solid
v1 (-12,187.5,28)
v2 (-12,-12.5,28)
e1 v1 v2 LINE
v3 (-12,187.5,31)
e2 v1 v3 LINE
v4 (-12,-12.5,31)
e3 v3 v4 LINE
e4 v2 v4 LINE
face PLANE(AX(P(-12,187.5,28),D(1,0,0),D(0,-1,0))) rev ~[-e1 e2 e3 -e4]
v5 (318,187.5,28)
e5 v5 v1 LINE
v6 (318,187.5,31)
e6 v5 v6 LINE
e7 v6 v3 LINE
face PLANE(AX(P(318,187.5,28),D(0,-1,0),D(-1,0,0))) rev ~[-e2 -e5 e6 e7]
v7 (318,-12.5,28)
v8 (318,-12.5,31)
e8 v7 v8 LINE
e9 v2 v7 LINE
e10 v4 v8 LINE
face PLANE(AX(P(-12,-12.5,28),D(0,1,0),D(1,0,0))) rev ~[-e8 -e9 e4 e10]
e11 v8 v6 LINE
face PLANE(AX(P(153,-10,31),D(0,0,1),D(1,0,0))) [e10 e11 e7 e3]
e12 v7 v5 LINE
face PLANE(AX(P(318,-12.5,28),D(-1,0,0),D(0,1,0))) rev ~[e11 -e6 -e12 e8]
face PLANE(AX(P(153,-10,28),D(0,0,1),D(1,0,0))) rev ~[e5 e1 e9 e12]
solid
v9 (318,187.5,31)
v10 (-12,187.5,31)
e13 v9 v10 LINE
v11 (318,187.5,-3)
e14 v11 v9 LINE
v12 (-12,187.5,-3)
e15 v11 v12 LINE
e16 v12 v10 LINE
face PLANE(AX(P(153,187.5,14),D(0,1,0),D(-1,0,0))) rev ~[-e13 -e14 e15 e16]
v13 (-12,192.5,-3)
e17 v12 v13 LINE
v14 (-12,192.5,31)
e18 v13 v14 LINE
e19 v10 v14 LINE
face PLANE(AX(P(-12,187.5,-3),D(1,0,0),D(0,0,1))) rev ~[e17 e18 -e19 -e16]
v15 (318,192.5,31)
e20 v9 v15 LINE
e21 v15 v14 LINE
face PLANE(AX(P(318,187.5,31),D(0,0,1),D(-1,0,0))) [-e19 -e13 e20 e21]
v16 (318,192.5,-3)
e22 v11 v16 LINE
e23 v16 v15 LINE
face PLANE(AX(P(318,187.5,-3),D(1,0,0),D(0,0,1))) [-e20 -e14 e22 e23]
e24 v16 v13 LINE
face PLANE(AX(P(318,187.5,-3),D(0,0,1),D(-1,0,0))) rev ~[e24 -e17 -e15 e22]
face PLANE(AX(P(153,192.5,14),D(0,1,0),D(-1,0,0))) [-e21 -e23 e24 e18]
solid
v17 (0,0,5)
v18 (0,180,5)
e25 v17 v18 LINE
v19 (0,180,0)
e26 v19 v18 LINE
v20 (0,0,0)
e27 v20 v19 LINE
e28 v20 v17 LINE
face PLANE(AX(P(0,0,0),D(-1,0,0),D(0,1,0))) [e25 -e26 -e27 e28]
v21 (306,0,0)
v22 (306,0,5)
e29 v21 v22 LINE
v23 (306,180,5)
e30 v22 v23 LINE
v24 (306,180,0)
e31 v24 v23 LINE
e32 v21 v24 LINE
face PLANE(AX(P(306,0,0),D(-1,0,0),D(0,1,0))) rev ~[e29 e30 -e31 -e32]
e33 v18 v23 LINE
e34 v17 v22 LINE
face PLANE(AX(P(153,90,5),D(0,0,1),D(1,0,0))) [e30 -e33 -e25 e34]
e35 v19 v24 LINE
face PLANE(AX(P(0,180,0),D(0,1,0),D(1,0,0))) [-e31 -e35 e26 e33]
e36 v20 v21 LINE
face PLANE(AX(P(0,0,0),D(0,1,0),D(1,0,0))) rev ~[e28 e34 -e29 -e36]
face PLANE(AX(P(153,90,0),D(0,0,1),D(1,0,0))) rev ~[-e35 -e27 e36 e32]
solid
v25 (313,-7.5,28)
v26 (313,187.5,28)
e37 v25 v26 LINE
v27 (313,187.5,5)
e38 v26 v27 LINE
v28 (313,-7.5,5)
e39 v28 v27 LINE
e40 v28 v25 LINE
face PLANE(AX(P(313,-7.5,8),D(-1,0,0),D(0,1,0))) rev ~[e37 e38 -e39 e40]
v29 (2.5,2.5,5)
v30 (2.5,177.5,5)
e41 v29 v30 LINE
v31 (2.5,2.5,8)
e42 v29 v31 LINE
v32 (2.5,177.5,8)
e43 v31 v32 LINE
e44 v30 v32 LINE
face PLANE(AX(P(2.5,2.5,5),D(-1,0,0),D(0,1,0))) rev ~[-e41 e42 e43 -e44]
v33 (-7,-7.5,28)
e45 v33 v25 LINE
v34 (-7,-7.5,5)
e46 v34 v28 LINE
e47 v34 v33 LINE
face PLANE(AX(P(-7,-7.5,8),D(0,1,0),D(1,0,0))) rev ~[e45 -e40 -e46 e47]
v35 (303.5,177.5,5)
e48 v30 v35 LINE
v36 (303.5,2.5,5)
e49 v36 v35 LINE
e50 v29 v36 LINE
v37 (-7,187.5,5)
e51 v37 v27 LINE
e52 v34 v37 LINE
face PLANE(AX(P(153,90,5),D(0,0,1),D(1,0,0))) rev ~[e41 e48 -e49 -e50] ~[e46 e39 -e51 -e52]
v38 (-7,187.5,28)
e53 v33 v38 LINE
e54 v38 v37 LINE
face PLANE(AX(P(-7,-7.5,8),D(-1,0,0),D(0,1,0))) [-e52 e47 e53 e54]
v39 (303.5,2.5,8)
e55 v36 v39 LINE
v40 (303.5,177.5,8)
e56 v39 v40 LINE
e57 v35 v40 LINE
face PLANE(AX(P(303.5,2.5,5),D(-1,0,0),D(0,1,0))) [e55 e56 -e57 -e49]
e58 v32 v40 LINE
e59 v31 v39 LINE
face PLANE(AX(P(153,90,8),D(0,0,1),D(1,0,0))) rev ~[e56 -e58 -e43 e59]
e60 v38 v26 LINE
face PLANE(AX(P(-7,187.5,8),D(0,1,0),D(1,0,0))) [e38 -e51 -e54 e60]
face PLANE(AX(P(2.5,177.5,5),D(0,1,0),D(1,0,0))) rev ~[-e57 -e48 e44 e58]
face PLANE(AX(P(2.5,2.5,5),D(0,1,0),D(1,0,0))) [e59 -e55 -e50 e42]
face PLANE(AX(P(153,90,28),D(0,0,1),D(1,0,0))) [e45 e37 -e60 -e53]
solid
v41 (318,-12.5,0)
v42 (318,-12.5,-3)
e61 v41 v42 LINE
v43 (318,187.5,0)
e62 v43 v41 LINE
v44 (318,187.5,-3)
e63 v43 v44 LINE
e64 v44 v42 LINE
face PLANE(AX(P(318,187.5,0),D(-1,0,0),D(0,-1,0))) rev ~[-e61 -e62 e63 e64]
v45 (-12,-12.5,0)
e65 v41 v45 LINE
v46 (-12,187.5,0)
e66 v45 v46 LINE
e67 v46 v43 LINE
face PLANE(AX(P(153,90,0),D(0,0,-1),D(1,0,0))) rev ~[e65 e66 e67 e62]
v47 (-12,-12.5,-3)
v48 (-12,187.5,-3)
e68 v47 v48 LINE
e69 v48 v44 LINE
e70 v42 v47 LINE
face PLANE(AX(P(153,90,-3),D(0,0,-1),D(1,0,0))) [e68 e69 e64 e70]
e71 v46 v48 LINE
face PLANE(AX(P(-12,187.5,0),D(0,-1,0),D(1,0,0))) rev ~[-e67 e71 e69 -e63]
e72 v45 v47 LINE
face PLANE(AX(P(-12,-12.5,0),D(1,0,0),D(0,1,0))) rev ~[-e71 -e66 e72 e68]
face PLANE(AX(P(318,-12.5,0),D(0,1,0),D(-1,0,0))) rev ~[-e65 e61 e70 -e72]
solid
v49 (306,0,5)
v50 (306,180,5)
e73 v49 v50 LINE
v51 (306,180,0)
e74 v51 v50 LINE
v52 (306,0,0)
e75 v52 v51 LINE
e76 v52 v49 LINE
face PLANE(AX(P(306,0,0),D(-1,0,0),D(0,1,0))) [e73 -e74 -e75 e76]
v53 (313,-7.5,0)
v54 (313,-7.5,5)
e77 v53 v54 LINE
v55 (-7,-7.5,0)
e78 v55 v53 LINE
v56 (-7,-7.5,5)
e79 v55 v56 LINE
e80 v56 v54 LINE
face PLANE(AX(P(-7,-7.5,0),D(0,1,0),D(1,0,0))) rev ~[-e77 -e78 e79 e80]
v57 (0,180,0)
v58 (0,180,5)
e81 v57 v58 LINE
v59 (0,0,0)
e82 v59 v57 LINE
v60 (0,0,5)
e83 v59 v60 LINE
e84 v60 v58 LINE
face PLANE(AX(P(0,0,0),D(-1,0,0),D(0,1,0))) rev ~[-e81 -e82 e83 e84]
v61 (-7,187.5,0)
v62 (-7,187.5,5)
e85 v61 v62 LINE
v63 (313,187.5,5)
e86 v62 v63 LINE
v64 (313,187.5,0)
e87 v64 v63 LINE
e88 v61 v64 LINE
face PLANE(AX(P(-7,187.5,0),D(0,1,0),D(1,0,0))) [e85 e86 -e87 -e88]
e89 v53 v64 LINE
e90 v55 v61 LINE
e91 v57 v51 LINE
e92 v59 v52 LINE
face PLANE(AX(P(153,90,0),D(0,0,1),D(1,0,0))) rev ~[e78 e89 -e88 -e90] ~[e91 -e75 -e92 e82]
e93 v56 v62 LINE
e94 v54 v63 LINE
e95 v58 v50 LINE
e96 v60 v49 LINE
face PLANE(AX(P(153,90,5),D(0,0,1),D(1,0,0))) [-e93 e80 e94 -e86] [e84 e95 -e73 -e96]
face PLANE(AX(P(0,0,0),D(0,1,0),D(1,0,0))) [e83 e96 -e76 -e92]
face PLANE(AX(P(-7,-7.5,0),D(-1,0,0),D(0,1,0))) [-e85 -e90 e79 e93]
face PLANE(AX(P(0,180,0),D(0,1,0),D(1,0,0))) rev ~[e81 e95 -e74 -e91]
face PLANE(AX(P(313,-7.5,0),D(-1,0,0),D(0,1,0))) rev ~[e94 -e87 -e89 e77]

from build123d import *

# Parameters (mm, degrees)
F0_W      = 306
F0_H      = 180
F1_DEPTH  = 5
F2_W      = 320
F2_H      = 195
F3_DEPTH  = 5
F5_W      = 320
F5_H      = 195
F5_H_2    = 5
F6_DEPTH  = 3
F7_W      = 320
F7_H      = 195
F7_W_2    = 301
F7_H_2    = 175
F8_DEPTH  = 3
F9_W      = 320
F9_H      = 195
F10_DEPTH = 20
F11_W     = 320
F11_H     = 5
F11_H_2   = 195
F12_DEPTH = 3
F13_W     = 330
F13_H     = 34
F14_DEPTH = 5


with BuildPart() as f1:
    # F0 (on Top) → F1 (new body)
    with BuildSketch(Plane.XY):
        with Locations((153, 90)):
            Rectangle(F0_W, F0_H)
    extrude(amount=F1_DEPTH)


with BuildPart() as f3:
    # F2 (on Top) → F3 (new body)
    with BuildSketch(Plane.XY):
        with Locations((153, 90)):
            Rectangle(F2_W, F2_H)
    extrude(amount=F3_DEPTH)

    # F4: cut F1
    add(f1.part, mode=Mode.SUBTRACT)


with BuildPart() as f6:
    # F5 (on face) → F6 (new body)
    with BuildSketch(Plane(origin=(0, 0, 0), x_dir=(1, 0, 0), z_dir=(0, 0, -1))):
        with Locations((153, -90)):
            Rectangle(F5_W, F5_H)
        Polygon((313, 7.5), (313, -187.5), (318, -187.5), (318, 12.5), (313, 12.5), align=None)
        Polygon((-12, -187.5), (-7, -187.5), (-7, 7.5), (-7, 12.5), (-12, 12.5), align=None)
        with Locations((153, 10)):
            Rectangle(F5_W, F5_H_2)
    extrude(amount=F6_DEPTH)


with BuildPart() as f8:
    # F7 (on face) → F8 (new body)
    with BuildSketch(Plane.XY.offset(5)):
        with Locations((153, 90)):
            Rectangle(F7_W, F7_H)
        with Locations((153, 90)):
            Rectangle(F7_W_2, F7_H_2, mode=Mode.SUBTRACT)
    extrude(amount=F8_DEPTH)

    # F9 (on face) → F10 (join)
    with BuildSketch(Plane.XY.offset(8)):
        with Locations((153, 90)):
            Rectangle(F9_W, F9_H)
    extrude(amount=F10_DEPTH)


with BuildPart() as f12:
    # F11 (on face) → F12 (new body)
    with BuildSketch(Plane.XY.offset(28)):
        with Locations((153, -10)):
            Rectangle(F11_W, F11_H)
        with Locations((153, 90)):
            Rectangle(F11_W, F11_H_2)
        Polygon((313, 187.5), (313, -7.5), (313, -12.5), (318, -12.5), (318, 187.5), align=None)
        Polygon((-7, -12.5), (-7, -7.5), (-7, 187.5), (-12, 187.5), (-12, -12.5), align=None)
    extrude(amount=F12_DEPTH)


with BuildPart() as f14:
    # F13 (on face) → F14 (new body)
    with BuildSketch(Plane(origin=(0, 187.5, 0), x_dir=(-1, 0, 0), z_dir=(0, 1, 0))):
        with Locations((-153, 14)):
            Rectangle(F13_W, F13_H)
    extrude(amount=F14_DEPTH)


solid = Compound([f1.part, f3.part, f6.part, f8.part, f12.part, f14.part])
